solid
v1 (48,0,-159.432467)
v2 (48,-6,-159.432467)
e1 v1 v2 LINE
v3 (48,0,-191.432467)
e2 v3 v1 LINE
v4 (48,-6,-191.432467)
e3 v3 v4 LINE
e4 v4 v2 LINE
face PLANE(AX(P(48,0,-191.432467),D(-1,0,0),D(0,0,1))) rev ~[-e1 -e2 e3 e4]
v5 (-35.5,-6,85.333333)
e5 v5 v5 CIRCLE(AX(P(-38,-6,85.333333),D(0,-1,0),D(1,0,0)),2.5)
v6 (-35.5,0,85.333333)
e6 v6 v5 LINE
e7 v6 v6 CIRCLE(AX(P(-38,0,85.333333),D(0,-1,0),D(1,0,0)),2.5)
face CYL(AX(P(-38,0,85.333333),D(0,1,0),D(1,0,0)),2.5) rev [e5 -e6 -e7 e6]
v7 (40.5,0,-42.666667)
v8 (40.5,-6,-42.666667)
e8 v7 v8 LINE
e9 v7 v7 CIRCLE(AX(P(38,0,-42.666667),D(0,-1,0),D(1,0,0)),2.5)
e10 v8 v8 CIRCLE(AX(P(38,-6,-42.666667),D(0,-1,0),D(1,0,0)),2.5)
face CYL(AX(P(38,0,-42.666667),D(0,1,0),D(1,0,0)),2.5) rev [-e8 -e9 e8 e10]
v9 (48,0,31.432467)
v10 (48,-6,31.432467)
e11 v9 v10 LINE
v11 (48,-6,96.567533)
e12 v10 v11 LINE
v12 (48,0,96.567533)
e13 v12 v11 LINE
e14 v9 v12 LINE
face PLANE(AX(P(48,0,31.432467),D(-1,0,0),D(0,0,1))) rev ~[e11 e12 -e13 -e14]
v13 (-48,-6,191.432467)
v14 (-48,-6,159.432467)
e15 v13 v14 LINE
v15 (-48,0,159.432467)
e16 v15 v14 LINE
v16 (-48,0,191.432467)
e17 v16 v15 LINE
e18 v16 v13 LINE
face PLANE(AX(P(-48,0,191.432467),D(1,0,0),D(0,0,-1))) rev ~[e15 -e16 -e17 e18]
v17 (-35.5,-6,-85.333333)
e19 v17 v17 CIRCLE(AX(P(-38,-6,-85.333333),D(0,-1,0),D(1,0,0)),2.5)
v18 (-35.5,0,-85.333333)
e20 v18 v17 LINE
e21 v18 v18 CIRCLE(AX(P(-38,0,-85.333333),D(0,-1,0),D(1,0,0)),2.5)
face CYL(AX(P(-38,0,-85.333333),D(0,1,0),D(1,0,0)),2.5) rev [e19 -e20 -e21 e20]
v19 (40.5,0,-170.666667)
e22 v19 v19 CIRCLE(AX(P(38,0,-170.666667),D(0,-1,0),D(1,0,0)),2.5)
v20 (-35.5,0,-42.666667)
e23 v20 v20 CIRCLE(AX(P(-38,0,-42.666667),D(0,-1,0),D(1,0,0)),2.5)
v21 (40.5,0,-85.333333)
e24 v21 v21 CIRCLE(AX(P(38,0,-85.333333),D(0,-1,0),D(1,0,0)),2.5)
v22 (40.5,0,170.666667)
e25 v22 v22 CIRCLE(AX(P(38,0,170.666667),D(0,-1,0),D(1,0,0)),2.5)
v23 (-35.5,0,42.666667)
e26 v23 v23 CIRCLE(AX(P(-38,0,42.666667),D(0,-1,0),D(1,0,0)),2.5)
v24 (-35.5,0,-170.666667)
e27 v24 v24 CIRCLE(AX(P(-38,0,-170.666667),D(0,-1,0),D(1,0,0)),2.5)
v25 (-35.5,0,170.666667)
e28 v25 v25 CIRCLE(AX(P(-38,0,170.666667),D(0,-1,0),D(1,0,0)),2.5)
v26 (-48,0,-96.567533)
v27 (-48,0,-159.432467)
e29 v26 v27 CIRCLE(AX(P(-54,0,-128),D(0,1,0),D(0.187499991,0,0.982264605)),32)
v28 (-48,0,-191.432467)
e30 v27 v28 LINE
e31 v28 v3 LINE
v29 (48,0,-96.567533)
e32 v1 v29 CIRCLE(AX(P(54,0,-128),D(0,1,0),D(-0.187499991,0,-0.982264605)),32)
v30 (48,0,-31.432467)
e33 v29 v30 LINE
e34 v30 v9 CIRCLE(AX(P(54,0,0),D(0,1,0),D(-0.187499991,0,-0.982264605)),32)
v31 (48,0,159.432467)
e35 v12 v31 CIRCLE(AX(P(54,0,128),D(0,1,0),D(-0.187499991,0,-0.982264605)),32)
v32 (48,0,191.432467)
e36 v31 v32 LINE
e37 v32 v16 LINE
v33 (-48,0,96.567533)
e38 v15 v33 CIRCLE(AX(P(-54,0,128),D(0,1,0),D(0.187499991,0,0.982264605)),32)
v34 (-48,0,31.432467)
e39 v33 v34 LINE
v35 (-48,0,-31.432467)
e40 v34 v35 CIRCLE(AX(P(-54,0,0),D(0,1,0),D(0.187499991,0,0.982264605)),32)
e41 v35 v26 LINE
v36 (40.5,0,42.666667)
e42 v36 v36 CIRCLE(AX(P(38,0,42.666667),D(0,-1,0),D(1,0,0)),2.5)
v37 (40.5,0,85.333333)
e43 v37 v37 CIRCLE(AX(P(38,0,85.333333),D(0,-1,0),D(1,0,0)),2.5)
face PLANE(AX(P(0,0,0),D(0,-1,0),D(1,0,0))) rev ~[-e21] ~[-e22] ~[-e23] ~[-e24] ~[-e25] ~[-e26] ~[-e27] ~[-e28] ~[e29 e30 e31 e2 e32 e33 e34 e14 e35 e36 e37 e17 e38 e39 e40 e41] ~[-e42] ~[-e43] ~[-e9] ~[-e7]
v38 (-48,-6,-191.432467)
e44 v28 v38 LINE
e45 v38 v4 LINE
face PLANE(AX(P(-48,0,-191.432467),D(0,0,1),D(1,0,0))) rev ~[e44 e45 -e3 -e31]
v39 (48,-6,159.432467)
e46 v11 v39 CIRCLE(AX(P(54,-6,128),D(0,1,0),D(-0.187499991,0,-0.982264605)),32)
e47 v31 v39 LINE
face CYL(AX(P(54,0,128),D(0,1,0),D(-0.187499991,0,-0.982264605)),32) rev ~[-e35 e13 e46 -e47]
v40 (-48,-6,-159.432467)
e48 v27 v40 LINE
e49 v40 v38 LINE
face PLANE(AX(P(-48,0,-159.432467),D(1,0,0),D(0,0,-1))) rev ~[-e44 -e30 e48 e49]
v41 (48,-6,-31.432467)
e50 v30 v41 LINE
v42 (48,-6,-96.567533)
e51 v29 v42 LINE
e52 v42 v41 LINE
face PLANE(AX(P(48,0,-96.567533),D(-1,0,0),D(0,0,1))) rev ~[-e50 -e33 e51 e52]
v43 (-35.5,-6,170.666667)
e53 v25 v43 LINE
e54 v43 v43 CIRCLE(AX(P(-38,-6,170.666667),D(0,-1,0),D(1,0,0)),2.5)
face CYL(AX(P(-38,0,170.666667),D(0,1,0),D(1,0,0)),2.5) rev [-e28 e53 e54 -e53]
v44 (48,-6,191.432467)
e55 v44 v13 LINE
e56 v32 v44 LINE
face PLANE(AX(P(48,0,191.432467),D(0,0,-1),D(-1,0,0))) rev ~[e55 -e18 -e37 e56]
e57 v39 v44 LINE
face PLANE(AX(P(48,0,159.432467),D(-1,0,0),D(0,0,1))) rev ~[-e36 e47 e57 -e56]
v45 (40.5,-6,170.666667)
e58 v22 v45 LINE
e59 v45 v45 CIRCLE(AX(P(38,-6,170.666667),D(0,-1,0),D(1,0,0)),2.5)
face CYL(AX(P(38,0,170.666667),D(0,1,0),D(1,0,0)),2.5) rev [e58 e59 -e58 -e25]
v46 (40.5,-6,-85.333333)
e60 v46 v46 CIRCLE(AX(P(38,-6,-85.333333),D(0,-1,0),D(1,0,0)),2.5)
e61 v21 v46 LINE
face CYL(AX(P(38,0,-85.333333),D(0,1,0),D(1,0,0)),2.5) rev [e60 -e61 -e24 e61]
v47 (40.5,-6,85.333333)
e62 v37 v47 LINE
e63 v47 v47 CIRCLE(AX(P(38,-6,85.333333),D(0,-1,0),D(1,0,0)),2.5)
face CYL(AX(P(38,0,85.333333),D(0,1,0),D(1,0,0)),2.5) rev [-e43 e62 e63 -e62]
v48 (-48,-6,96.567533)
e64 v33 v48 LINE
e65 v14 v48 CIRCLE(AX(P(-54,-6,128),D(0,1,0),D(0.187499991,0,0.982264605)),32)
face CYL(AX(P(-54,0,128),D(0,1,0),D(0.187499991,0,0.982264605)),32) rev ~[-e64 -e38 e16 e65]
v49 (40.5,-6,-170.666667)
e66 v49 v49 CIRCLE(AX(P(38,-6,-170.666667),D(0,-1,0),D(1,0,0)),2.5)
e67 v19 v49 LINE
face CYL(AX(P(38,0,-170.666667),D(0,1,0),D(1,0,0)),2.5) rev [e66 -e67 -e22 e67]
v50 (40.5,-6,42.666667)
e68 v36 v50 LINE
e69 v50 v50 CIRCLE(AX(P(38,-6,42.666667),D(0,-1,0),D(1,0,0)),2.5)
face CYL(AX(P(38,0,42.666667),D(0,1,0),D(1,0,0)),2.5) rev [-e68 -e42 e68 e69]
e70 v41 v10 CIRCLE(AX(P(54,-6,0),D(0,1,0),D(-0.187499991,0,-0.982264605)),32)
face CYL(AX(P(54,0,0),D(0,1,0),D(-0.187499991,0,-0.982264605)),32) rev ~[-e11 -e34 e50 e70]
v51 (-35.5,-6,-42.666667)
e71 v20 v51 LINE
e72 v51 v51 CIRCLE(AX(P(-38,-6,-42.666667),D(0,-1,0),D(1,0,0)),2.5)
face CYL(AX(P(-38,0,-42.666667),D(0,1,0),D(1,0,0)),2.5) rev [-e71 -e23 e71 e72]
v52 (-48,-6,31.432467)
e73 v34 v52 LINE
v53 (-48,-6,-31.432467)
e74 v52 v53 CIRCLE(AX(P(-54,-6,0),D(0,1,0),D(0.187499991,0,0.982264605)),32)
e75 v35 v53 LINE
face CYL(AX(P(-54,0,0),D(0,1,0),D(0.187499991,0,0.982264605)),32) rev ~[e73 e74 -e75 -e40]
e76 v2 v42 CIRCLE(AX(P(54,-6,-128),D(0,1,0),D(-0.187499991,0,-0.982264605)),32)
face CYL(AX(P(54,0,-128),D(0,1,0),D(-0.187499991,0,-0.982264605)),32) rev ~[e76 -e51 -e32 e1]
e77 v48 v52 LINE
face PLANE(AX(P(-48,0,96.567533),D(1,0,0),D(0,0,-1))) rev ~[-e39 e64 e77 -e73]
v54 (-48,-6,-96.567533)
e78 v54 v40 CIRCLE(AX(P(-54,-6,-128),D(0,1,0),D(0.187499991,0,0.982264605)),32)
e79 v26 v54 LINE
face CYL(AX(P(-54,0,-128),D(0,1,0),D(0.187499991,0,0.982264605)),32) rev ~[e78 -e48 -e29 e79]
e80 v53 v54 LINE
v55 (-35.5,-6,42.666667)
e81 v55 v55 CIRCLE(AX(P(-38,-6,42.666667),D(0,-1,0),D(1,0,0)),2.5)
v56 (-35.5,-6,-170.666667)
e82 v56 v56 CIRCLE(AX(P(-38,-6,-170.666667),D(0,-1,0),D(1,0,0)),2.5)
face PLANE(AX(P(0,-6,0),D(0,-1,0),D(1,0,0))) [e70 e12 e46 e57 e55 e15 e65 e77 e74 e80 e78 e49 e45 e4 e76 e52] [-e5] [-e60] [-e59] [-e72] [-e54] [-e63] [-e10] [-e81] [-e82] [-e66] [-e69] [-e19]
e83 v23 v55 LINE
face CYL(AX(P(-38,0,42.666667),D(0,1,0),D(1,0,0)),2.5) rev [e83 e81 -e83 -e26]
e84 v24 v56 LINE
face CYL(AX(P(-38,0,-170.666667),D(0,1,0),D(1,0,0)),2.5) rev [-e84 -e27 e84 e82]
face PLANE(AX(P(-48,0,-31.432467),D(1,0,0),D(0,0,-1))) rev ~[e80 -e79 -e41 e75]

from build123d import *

# Parameters (mm, degrees)
F1_R     = 2.5
F2_DEPTH = 6


with BuildPart() as f2:
    # F1 (on Front) → F2 (new body)
    with BuildSketch(Plane.XZ):
        with BuildLine():
            ThreePointArc((-48, -96.567533), (-22, -128), (-48, -159.432467))
            Line((-48, -159.432467), (-48, -191.432467))
            Line((-48, -191.432467), (48, -191.432467))
            Line((48, -191.432467), (48, -159.432467))
            ThreePointArc((48, -159.432467), (22, -128), (48, -96.567533))
            Line((48, -96.567533), (48, -31.432467))
            ThreePointArc((48, -31.432467), (22, 0), (48, 31.432467))
            Line((48, 31.432467), (48, 96.567533))
            ThreePointArc((48, 96.567533), (22, 128), (48, 159.432467))
            Line((48, 159.432467), (48, 191.432467))
            Line((48, 191.432467), (-48, 191.432467))
            Line((-48, 191.432467), (-48, 159.432467))
            ThreePointArc((-48, 159.432467), (-22, 128), (-48, 96.567533))
            Line((-48, 96.567533), (-48, 31.432467))
            ThreePointArc((-48, 31.432467), (-22, 0), (-48, -31.432467))
            Line((-48, -31.432467), (-48, -96.567533))
        make_face()
        with Locations((-38, -170.666667)):
            Circle(F1_R, mode=Mode.SUBTRACT)
        with Locations((-38, -85.333333)):
            Circle(F1_R, mode=Mode.SUBTRACT)
        with Locations((-38, -42.666667)):
            Circle(F1_R, mode=Mode.SUBTRACT)
        with Locations((38, -170.666667)):
            Circle(F1_R, mode=Mode.SUBTRACT)
        with Locations((38, -85.333333)):
            Circle(F1_R, mode=Mode.SUBTRACT)
        with Locations((38, -42.666667)):
            Circle(F1_R, mode=Mode.SUBTRACT)
        with Locations((-38, 42.666667)):
            Circle(F1_R, mode=Mode.SUBTRACT)
        with Locations((-38, 85.333333)):
            Circle(F1_R, mode=Mode.SUBTRACT)
        with Locations((-38, 170.666667)):
            Circle(F1_R, mode=Mode.SUBTRACT)
        with Locations((38, 42.666667)):
            Circle(F1_R, mode=Mode.SUBTRACT)
        with Locations((38, 85.333333)):
            Circle(F1_R, mode=Mode.SUBTRACT)
        with Locations((38, 170.666667)):
            Circle(F1_R, mode=Mode.SUBTRACT)
    extrude(amount=F2_DEPTH)


solid = f2.part
